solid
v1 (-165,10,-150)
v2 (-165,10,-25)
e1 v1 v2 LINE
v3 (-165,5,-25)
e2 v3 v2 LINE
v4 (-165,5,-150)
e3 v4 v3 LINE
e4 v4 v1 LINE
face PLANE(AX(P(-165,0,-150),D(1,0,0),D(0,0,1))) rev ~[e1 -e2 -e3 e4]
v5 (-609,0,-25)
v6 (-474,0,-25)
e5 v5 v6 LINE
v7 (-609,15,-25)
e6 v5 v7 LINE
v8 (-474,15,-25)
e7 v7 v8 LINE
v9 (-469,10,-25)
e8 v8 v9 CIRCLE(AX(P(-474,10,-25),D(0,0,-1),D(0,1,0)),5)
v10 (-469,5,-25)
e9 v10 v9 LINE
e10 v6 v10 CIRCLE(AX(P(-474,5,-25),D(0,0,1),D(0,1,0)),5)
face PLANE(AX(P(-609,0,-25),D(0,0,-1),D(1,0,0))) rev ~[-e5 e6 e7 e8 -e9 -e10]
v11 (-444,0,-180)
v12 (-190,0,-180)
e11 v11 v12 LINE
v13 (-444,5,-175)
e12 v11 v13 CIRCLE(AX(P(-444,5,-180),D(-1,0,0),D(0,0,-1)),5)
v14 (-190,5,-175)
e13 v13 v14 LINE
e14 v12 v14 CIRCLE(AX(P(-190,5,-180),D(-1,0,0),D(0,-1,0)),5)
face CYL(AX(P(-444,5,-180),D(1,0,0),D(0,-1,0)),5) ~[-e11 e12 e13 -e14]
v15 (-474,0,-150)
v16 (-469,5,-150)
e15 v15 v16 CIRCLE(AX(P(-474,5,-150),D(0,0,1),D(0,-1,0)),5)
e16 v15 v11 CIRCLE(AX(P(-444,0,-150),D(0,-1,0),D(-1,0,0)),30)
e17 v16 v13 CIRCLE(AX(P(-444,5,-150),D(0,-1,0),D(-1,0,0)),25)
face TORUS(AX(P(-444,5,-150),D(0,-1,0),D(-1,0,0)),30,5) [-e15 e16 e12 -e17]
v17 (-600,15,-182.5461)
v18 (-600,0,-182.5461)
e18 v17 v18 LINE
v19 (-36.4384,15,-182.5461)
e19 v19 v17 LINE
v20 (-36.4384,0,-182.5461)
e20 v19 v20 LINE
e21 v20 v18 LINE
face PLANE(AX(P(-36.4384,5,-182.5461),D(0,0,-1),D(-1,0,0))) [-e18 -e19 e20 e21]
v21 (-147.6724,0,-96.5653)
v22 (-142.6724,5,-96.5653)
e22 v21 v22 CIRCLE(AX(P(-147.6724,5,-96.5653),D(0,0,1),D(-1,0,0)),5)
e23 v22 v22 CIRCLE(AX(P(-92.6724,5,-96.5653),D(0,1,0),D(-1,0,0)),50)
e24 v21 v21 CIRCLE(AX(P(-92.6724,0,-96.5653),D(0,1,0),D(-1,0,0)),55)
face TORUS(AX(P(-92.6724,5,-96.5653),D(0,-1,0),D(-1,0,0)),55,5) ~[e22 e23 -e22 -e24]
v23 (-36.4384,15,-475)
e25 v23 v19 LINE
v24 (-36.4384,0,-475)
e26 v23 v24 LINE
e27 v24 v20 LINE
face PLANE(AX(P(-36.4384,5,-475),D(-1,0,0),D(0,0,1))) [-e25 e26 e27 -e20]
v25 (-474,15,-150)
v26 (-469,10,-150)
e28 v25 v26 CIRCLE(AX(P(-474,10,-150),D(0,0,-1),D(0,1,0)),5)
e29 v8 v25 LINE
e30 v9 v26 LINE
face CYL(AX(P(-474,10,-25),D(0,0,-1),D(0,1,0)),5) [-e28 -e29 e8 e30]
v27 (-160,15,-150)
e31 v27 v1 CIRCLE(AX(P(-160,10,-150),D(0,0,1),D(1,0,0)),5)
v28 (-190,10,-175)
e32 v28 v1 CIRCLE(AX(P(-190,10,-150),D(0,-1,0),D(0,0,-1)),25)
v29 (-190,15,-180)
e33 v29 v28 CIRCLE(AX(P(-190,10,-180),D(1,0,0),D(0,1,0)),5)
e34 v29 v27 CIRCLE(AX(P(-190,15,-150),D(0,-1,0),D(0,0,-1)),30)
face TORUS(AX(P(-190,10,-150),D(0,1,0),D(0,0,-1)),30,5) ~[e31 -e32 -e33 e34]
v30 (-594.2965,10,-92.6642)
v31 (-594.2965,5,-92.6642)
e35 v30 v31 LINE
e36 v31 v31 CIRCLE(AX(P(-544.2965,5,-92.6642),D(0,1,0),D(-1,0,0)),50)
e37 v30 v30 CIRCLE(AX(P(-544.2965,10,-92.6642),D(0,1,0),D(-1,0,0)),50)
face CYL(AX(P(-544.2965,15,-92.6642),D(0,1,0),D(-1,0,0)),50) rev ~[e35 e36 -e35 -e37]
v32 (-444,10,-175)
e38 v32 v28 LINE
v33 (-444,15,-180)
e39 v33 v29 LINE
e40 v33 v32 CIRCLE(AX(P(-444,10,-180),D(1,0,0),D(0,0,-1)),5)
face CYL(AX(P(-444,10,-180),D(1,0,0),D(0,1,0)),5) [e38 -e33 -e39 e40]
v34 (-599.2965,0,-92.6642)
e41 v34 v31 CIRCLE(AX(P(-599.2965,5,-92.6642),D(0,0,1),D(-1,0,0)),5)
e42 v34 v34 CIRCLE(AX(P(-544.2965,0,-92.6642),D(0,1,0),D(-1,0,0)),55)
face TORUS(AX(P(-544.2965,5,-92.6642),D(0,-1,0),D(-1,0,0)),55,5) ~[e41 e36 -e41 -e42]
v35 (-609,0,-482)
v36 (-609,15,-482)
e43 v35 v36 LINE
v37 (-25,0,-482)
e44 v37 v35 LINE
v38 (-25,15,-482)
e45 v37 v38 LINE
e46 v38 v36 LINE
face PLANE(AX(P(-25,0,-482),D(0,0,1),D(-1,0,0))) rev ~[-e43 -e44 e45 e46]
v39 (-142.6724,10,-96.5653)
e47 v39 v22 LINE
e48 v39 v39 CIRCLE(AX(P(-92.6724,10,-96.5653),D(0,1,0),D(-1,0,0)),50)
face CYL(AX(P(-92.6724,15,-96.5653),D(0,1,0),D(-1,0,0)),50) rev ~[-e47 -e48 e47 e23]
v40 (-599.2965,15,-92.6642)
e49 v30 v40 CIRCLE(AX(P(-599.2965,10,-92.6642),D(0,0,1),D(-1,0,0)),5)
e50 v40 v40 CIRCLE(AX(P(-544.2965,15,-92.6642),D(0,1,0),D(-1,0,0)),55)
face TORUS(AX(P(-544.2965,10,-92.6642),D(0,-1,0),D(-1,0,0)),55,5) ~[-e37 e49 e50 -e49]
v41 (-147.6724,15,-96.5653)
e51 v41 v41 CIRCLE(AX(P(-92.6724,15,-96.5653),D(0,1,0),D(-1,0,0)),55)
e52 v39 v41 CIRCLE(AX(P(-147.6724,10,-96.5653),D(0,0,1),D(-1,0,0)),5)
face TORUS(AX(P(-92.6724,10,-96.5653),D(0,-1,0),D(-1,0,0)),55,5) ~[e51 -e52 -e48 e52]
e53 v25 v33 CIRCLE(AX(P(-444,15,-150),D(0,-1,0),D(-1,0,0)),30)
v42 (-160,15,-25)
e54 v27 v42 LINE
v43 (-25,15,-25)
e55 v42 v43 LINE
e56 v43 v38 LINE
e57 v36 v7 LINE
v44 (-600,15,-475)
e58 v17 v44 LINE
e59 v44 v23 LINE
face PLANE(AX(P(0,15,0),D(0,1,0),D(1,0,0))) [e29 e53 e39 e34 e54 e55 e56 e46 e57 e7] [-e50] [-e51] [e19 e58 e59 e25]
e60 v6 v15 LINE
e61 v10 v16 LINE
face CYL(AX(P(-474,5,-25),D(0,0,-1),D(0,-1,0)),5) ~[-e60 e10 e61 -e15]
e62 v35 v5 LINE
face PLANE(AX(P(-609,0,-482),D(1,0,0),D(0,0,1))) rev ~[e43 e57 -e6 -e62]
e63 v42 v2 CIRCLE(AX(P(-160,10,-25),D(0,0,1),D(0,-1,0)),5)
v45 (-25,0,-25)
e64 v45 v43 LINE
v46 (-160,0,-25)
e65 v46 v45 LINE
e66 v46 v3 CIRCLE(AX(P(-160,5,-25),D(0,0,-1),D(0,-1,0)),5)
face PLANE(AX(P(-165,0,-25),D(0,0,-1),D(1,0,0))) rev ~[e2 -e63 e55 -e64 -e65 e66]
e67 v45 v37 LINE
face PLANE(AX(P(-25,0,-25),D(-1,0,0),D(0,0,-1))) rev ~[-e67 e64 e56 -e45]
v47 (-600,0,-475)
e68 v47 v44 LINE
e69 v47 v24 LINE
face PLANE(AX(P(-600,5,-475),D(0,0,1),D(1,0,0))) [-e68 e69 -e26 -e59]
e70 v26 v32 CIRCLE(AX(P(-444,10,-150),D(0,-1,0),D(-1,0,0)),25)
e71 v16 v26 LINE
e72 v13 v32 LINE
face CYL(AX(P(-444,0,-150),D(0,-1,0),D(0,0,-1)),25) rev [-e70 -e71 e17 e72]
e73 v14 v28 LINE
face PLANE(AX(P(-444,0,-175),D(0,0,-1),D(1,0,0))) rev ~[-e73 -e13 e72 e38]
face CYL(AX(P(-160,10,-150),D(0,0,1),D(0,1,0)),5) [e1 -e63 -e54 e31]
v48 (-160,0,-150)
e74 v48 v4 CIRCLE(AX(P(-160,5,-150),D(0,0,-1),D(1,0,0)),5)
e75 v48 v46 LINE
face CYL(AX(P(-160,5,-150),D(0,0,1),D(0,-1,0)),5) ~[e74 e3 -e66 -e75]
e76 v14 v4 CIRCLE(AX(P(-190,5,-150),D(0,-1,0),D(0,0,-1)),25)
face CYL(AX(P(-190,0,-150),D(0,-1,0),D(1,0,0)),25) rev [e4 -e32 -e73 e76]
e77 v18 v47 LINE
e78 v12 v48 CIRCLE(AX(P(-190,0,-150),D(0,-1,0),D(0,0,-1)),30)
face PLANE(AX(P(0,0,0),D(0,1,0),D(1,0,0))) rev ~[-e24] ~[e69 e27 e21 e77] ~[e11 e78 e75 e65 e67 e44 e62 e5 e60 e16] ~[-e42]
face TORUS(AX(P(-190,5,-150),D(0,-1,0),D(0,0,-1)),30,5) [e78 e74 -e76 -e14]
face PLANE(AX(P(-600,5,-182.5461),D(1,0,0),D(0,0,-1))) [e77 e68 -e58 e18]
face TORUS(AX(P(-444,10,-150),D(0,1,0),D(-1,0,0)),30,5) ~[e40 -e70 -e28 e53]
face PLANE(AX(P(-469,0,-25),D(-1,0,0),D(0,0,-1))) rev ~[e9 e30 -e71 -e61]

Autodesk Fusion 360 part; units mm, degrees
sketch "Sketch1" plane through (0, 0, 0) normal (0, 1, 0) x (1, 0, 0)
  line L0 (-25, 25) -> (-25, 482)
  line L1 (-25, 482) -> (-609, 482)
  line L2 (-609, 482) -> (-609, 25)
  line L3 (-609, 25) -> (-469, 25)
  line L4 (-444, 175) -> (-190, 175)
  line L5 (-469, 25) -> (-469, 150)
  arc A0 (-444, 175) -> (-469, 150) centre (-444, 150) ccw
  line L6 (-165, 25) -> (-25, 25)
  line L7 (-165, 150) -> (-165, 25)
  arc A1 (-165, 150) -> (-190, 175) centre (-190, 150) ccw
  point P0 (-469, 175)
  point P1 (-165, 175)
  dimension "d1" = 457
  dimension "d2" = 584
  dimension "d3" = 457
  dimension "d5" = 304
  dimension "d7" = 25
  dimension "d8" = 25
extrude "Extrude1" add sketch "Sketch1" along normal blind 15
sketch "Sketch2" plane through (0, 15, 0) normal (0, 1, 0) x (-1, 0, 0)
  line L0 (165, -25) -> (25, -25)
  line L1 (25, -25) -> (25, -482)
  line L2 (25, -482) -> (609, -482)
  line L3 (609, -482) -> (609, -25)
  line L4 (609, -25) -> (469, -25)
  line L5 (469, -25) -> (469, -150)
  arc A0 (444, -175) -> (469, -150) centre (444, -150) ccw
  line L6 (444, -175) -> (190, -175)
  arc A1 (165, -150) -> (190, -175) centre (190, -150) ccw
  line L7 (165, -150) -> (165, -25)
  line L8 (600, -475) -> (36.4384, -475)
  line L9 (36.4384, -475) -> (36.4384, -182.5461)
  line L10 (36.4384, -182.5461) -> (600, -182.5461)
  line L11 (600, -182.5461) -> (600, -475)
  dimension "d11" = 563.5616
extrude "Extrude2" cut sketch "Sketch2" against normal blind 10 contours L8 L9 L10 L11
shell "Shell1" thickness 5 removed faces 1 at (-412.1461, 5, -377.5154)
extrude "Extrude3" cut 1 faces at (-412.1461, 5, -377.5154) along direction (0, -1, 0) blind 5
sketch "Sketch3" plane through (0, 15, 0) normal (0, 1, 0) x (-1, 0, 0)
  line L0 (36.4384, -475) -> (36.4384, -182.5461)
  line L1 (36.4384, -182.5461) -> (600, -182.5461)
  line L2 (600, -182.5461) -> (600, -475)
  line L3 (600, -475) -> (36.4384, -475)
  line L4 (165, -25) -> (25, -25)
  line L5 (25, -25) -> (25, -482)
  line L6 (25, -482) -> (609, -482)
  line L7 (609, -482) -> (609, -25)
  line L8 (609, -25) -> (469, -25)
  line L9 (469, -25) -> (469, -150)
  arc A0 (444, -175) -> (469, -150) centre (444, -150) ccw
  line L10 (444, -175) -> (190, -175)
  arc A1 (165, -150) -> (190, -175) centre (190, -150) ccw
  line L11 (165, -150) -> (165, -25)
  circle A2 centre (544.2965, -92.6642) radius 50
  curve A3
  dimension "d17" = 100
  dimension "d18" = 100
extrude "Extrude4" cut sketch "Sketch3" against normal blind 20 contours A2
sketch "Sketch4" plane through (0, 15, 0) normal (0, 1, 0) x (-1, 0, 0)
  circle A0 centre (544.2965, -92.6642) radius 50
  line L0 (36.4384, -475) -> (36.4384, -182.5461)
  line L1 (36.4384, -182.5461) -> (600, -182.5461)
  line L2 (600, -182.5461) -> (600, -475)
  line L3 (600, -475) -> (36.4384, -475)
  line L4 (165, -25) -> (25, -25)
  line L5 (25, -25) -> (25, -482)
  line L6 (25, -482) -> (609, -482)
  line L7 (609, -482) -> (609, -25)
  line L8 (609, -25) -> (469, -25)
  line L9 (469, -25) -> (469, -150)
  arc A1 (444, -175) -> (469, -150) centre (444, -150) ccw
  line L10 (444, -175) -> (190, -175)
  arc A2 (165, -150) -> (190, -175) centre (190, -150) ccw
  line L11 (165, -150) -> (165, -25)
  circle A3 centre (92.6724, -96.5653) radius 50
  dimension "d23" = 100
extrude "Extrude5" cut sketch "Sketch4" against normal blind 20 contours A3
fillet "Fillet1" radius 5 1 edges at (-46.056, 0, -114.6461)
fillet "Fillet2" radius 5 1 edges at (-46.056, 15, -78.4846)
fillet "Fillet3" radius 5 1 edges at (-497.6801, 0, -110.745)
fillet "Fillet4" radius 5 1 edges at (-497.6801, 15, -74.5834)
fillet "Fillet5" radius 5 5 edges at (-469, 15, -87.5) (-461.6777, 15, -167.6777) (-317, 15, -175) (-172.3223, 15, -167.6777) (-165, 15, -87.5)
fillet "Fillet6" radius 5 5 edges at (-469, 0, -87.5) (-461.6777, 0, -167.6777) (-317, 0, -175) (-172.3223, 0, -167.6777) (-165, 0, -87.5)
